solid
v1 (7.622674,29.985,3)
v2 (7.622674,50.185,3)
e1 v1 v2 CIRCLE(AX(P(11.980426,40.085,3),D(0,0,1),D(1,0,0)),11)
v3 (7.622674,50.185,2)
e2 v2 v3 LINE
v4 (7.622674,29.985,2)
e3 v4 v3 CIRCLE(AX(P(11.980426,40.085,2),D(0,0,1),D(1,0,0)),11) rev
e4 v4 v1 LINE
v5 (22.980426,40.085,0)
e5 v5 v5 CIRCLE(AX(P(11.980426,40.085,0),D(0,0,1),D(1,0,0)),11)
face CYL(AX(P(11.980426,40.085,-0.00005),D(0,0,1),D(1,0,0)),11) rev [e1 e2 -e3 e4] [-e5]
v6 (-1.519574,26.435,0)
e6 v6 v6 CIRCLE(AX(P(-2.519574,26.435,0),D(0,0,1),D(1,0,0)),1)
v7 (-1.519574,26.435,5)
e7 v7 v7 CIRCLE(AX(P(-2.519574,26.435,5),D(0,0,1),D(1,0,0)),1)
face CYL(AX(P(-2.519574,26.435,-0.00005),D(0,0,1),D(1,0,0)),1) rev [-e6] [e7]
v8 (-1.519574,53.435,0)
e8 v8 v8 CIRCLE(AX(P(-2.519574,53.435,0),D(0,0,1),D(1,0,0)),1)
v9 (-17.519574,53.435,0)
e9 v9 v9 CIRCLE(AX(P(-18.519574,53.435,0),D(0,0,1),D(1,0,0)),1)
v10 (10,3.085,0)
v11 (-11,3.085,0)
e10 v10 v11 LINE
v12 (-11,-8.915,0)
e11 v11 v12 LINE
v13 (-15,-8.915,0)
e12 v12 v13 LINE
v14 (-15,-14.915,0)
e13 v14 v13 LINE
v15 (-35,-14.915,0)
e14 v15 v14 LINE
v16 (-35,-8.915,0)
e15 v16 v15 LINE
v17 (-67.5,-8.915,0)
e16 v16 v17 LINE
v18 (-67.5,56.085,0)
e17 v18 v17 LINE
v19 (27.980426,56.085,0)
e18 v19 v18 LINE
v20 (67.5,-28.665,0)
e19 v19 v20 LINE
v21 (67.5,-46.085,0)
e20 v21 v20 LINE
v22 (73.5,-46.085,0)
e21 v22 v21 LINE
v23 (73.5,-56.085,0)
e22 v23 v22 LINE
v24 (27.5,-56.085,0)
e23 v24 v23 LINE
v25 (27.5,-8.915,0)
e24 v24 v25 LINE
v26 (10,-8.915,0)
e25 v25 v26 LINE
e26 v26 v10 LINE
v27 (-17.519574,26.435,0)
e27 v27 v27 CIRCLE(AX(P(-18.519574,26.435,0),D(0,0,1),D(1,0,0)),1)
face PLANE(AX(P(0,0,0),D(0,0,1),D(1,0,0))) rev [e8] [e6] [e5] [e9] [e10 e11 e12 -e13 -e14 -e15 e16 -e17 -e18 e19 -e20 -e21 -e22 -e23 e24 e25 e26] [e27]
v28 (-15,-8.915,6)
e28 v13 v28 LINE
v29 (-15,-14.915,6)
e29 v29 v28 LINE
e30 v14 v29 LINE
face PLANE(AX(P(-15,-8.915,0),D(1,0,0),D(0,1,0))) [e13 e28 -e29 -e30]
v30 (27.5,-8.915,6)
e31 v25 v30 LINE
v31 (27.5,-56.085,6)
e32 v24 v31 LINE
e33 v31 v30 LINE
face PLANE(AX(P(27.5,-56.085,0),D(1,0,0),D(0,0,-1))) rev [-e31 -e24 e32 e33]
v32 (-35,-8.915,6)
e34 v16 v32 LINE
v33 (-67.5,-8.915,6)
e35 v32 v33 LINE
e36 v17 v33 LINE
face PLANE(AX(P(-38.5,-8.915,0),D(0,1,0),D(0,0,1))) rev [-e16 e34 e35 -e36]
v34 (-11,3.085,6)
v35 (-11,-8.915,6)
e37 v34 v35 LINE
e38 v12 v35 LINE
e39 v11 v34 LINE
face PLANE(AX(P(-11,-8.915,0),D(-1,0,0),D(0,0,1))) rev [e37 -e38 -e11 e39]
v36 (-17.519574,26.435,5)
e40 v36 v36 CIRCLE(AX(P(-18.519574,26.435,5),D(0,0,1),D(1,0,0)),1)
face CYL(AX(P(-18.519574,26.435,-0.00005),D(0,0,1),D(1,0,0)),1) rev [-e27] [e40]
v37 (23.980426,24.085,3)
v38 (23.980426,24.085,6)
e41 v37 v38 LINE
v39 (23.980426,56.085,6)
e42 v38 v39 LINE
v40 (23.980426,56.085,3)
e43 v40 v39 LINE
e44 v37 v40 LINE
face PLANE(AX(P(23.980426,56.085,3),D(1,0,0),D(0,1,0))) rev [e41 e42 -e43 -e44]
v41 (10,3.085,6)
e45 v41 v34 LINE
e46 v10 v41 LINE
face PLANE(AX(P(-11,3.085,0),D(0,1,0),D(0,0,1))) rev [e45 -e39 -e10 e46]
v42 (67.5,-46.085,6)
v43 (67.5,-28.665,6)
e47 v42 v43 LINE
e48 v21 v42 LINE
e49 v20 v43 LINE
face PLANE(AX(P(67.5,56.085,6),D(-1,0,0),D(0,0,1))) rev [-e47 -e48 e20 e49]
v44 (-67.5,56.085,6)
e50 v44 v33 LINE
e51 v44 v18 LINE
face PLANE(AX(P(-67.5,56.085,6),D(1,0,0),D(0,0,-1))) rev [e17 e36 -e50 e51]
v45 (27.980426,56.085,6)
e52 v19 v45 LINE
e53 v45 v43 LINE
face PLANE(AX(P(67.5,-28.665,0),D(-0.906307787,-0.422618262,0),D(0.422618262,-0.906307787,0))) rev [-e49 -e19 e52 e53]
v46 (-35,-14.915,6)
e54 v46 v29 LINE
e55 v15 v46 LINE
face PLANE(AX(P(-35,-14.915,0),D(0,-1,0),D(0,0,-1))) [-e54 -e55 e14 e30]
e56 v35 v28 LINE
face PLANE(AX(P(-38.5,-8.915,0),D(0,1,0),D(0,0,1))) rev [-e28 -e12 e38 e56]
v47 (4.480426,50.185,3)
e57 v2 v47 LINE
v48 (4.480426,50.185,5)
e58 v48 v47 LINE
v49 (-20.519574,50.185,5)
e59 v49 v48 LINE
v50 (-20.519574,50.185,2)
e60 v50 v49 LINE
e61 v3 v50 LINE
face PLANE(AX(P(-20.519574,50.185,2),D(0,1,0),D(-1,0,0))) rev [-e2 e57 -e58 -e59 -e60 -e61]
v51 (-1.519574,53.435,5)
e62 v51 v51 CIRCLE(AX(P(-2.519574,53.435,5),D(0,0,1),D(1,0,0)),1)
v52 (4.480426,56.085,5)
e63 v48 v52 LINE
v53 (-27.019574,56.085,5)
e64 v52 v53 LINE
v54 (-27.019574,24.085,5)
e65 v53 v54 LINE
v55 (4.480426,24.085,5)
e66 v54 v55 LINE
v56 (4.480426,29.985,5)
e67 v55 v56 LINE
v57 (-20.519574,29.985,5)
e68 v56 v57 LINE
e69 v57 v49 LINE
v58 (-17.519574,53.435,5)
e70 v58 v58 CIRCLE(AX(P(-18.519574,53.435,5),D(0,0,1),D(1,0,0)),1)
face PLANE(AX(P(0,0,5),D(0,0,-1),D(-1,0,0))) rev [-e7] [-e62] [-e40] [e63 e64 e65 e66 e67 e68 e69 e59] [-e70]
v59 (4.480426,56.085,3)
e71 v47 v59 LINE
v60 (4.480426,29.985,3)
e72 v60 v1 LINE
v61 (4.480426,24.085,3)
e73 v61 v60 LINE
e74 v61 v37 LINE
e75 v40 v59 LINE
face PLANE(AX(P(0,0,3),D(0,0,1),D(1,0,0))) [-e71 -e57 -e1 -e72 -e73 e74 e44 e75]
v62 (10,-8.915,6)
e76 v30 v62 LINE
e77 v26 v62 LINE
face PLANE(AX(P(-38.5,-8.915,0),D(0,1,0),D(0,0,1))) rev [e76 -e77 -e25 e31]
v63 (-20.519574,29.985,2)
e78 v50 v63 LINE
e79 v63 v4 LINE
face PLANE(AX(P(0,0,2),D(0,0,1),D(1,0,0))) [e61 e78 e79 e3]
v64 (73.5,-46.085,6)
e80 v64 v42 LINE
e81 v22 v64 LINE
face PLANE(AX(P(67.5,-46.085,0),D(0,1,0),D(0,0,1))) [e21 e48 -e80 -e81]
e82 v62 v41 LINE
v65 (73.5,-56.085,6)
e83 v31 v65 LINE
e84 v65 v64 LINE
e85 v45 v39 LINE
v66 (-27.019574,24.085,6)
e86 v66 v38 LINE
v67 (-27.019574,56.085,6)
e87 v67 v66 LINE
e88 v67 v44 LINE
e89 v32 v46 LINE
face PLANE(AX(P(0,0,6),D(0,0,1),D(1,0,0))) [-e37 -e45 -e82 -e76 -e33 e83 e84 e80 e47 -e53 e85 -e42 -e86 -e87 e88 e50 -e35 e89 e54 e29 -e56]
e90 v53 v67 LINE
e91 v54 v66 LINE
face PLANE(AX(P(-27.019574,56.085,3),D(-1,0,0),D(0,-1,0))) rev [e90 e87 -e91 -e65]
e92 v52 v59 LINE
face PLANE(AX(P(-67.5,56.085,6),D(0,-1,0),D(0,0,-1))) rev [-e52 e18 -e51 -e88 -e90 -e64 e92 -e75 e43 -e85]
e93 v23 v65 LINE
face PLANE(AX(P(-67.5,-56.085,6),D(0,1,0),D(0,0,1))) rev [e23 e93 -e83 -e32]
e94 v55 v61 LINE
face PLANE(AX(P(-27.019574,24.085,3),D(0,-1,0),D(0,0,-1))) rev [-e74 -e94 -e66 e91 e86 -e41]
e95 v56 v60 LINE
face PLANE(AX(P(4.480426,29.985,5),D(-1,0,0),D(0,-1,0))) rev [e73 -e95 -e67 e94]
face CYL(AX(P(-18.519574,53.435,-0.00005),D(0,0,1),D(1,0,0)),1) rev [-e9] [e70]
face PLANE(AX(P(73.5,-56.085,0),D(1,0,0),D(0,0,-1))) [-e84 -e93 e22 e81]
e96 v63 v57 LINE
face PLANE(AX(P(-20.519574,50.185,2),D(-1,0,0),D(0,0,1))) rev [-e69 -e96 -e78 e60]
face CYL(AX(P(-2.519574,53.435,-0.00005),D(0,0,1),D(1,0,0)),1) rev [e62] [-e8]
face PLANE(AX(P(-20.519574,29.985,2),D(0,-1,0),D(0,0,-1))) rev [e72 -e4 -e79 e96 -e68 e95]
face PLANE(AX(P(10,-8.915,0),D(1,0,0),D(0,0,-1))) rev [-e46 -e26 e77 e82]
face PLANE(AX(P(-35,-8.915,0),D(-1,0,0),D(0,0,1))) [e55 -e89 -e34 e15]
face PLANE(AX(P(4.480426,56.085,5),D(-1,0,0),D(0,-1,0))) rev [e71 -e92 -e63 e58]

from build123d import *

# Parameters (mm, degrees)
ESQUISSE1_W             = 135
ESQUISSE1_H             = 112.17
BOSS_EXTRU_1_DEPTH      = 6
ENL_V_MAT_EXTRU_1_DEPTH = 6
ESQUISSE3_W             = 6
ESQUISSE3_H             = 10
ESQUISSE3_W_2           = 20
ESQUISSE3_H_2           = 6
BOSS_EXTRU_2_DEPTH      = 6
ESQUISSE4_W             = 51
ESQUISSE4_H             = 32
ENL_V_MAT_EXTRU_2_DEPTH = 3
ESQUISSE5_R             = 11
ENL_V_MAT_EXTRU_3_DEPTH = 4
ESQUISSE6_W             = 30
ESQUISSE6_H             = 20.2
ENL_V_MAT_EXTRU_4_DEPTH = 1
ESQUISSE7_W             = 25
ESQUISSE7_H             = 5.9
BOSS_EXTRU_3_DEPTH      = 2
ESQUISSE8_W             = 25
ESQUISSE8_H             = 5.9
BOSS_EXTRU_4_DEPTH      = 2
ESQUISSE9_W             = 6.5
ESQUISSE9_H             = 32
BOSS_EXTRU_5_DEPTH      = 2
ESQUISSE10_R            = 1
ENL_V_MAT_EXTRU_5_DEPTH = 6
ESQUISSE11_W            = 21
ESQUISSE11_H            = 12
ENL_V_MAT_EXTRU_6_DEPTH = 6


with BuildPart() as part:
    # Esquisse1 → Boss.-Extru.1 (new body)
    with BuildSketch(Plane.XY):
        Rectangle(ESQUISSE1_W, ESQUISSE1_H)
    extrude(amount=BOSS_EXTRU_1_DEPTH)

    # Esquisse2 → Enlèv. mat.-Extru.1 (cut)
    with BuildSketch(Plane.XY.offset(6)):
        Polygon((27.5, -56.085), (-67.5, -56.085), (-67.5, -8.915), (-38.5, -8.915), (27.5, -8.915), align=None)
        Polygon((67.5, -28.665), (27.980425971, 56.085), (67.5, 56.085), align=None)
    extrude(amount=-ENL_V_MAT_EXTRU_1_DEPTH, mode=Mode.SUBTRACT)

    # Esquisse3 → Boss.-Extru.2 (add)
    with BuildSketch(Plane.XY.offset(6)):
        with Locations((70.5, -51.085)):
            Rectangle(ESQUISSE3_W, ESQUISSE3_H)
        with Locations((-25, -11.915)):
            Rectangle(ESQUISSE3_W_2, ESQUISSE3_H_2)
    extrude(amount=-BOSS_EXTRU_2_DEPTH)

    # Esquisse4 → Enlèv. mat.-Extru.2 (cut)
    with BuildSketch(Plane.XY.offset(6)):
        with Locations((-1.519574029, 40.085)):
            Rectangle(ESQUISSE4_W, ESQUISSE4_H)
    extrude(amount=-ENL_V_MAT_EXTRU_2_DEPTH, mode=Mode.SUBTRACT)

    # Esquisse5 → Enlèv. mat.-Extru.3 (cut, through all)
    with BuildSketch(Plane.XY.offset(3)):
        with Locations((11.980425971, 40.085)):
            Circle(ESQUISSE5_R)
    extrude(amount=-ENL_V_MAT_EXTRU_3_DEPTH, mode=Mode.SUBTRACT)

    # Esquisse6 → Enlèv. mat.-Extru.4 (cut)
    with BuildSketch(Plane.XY.offset(3)):
        with Locations((-5.519574029, 40.085)):
            Rectangle(ESQUISSE6_W, ESQUISSE6_H)
    extrude(amount=-ENL_V_MAT_EXTRU_4_DEPTH, mode=Mode.SUBTRACT)

    # Esquisse7 → Boss.-Extru.3 (add)
    with BuildSketch(Plane.XY.offset(3)):
        with Locations((-8.019574029, 53.135)):
            Rectangle(ESQUISSE7_W, ESQUISSE7_H)
    extrude(amount=BOSS_EXTRU_3_DEPTH)

    # Esquisse8 → Boss.-Extru.4 (add)
    with BuildSketch(Plane.XY.offset(3)):
        with Locations((-8.019574029, 27.035)):
            Rectangle(ESQUISSE8_W, ESQUISSE8_H)
    extrude(amount=BOSS_EXTRU_4_DEPTH)

    # Esquisse9 → Boss.-Extru.5 (add)
    with BuildSketch(Plane.XY.offset(3)):
        with Locations((-23.769574029, 40.085)):
            Rectangle(ESQUISSE9_W, ESQUISSE9_H)
    extrude(amount=BOSS_EXTRU_5_DEPTH)

    # Esquisse10 → Enlèv. mat.-Extru.5 (cut, through all)
    with BuildSketch(Plane.XY.offset(5)):
        with Locations((-18.519574029, 53.435)):
            Circle(ESQUISSE10_R)
        with Locations((-2.519574029, 53.435)):
            Circle(ESQUISSE10_R)
        with Locations((-18.519574029, 26.435)):
            Circle(ESQUISSE10_R)
        with Locations((-2.519574029, 26.435)):
            Circle(ESQUISSE10_R)
    extrude(amount=-ENL_V_MAT_EXTRU_5_DEPTH, mode=Mode.SUBTRACT)

    # Esquisse11 → Enlèv. mat.-Extru.6 (cut)
    with BuildSketch(Plane.XY.offset(6)):
        with Locations((-0.5, -2.915)):
            Rectangle(ESQUISSE11_W, ESQUISSE11_H)
    extrude(amount=-ENL_V_MAT_EXTRU_6_DEPTH, mode=Mode.SUBTRACT)


solid = part.part
